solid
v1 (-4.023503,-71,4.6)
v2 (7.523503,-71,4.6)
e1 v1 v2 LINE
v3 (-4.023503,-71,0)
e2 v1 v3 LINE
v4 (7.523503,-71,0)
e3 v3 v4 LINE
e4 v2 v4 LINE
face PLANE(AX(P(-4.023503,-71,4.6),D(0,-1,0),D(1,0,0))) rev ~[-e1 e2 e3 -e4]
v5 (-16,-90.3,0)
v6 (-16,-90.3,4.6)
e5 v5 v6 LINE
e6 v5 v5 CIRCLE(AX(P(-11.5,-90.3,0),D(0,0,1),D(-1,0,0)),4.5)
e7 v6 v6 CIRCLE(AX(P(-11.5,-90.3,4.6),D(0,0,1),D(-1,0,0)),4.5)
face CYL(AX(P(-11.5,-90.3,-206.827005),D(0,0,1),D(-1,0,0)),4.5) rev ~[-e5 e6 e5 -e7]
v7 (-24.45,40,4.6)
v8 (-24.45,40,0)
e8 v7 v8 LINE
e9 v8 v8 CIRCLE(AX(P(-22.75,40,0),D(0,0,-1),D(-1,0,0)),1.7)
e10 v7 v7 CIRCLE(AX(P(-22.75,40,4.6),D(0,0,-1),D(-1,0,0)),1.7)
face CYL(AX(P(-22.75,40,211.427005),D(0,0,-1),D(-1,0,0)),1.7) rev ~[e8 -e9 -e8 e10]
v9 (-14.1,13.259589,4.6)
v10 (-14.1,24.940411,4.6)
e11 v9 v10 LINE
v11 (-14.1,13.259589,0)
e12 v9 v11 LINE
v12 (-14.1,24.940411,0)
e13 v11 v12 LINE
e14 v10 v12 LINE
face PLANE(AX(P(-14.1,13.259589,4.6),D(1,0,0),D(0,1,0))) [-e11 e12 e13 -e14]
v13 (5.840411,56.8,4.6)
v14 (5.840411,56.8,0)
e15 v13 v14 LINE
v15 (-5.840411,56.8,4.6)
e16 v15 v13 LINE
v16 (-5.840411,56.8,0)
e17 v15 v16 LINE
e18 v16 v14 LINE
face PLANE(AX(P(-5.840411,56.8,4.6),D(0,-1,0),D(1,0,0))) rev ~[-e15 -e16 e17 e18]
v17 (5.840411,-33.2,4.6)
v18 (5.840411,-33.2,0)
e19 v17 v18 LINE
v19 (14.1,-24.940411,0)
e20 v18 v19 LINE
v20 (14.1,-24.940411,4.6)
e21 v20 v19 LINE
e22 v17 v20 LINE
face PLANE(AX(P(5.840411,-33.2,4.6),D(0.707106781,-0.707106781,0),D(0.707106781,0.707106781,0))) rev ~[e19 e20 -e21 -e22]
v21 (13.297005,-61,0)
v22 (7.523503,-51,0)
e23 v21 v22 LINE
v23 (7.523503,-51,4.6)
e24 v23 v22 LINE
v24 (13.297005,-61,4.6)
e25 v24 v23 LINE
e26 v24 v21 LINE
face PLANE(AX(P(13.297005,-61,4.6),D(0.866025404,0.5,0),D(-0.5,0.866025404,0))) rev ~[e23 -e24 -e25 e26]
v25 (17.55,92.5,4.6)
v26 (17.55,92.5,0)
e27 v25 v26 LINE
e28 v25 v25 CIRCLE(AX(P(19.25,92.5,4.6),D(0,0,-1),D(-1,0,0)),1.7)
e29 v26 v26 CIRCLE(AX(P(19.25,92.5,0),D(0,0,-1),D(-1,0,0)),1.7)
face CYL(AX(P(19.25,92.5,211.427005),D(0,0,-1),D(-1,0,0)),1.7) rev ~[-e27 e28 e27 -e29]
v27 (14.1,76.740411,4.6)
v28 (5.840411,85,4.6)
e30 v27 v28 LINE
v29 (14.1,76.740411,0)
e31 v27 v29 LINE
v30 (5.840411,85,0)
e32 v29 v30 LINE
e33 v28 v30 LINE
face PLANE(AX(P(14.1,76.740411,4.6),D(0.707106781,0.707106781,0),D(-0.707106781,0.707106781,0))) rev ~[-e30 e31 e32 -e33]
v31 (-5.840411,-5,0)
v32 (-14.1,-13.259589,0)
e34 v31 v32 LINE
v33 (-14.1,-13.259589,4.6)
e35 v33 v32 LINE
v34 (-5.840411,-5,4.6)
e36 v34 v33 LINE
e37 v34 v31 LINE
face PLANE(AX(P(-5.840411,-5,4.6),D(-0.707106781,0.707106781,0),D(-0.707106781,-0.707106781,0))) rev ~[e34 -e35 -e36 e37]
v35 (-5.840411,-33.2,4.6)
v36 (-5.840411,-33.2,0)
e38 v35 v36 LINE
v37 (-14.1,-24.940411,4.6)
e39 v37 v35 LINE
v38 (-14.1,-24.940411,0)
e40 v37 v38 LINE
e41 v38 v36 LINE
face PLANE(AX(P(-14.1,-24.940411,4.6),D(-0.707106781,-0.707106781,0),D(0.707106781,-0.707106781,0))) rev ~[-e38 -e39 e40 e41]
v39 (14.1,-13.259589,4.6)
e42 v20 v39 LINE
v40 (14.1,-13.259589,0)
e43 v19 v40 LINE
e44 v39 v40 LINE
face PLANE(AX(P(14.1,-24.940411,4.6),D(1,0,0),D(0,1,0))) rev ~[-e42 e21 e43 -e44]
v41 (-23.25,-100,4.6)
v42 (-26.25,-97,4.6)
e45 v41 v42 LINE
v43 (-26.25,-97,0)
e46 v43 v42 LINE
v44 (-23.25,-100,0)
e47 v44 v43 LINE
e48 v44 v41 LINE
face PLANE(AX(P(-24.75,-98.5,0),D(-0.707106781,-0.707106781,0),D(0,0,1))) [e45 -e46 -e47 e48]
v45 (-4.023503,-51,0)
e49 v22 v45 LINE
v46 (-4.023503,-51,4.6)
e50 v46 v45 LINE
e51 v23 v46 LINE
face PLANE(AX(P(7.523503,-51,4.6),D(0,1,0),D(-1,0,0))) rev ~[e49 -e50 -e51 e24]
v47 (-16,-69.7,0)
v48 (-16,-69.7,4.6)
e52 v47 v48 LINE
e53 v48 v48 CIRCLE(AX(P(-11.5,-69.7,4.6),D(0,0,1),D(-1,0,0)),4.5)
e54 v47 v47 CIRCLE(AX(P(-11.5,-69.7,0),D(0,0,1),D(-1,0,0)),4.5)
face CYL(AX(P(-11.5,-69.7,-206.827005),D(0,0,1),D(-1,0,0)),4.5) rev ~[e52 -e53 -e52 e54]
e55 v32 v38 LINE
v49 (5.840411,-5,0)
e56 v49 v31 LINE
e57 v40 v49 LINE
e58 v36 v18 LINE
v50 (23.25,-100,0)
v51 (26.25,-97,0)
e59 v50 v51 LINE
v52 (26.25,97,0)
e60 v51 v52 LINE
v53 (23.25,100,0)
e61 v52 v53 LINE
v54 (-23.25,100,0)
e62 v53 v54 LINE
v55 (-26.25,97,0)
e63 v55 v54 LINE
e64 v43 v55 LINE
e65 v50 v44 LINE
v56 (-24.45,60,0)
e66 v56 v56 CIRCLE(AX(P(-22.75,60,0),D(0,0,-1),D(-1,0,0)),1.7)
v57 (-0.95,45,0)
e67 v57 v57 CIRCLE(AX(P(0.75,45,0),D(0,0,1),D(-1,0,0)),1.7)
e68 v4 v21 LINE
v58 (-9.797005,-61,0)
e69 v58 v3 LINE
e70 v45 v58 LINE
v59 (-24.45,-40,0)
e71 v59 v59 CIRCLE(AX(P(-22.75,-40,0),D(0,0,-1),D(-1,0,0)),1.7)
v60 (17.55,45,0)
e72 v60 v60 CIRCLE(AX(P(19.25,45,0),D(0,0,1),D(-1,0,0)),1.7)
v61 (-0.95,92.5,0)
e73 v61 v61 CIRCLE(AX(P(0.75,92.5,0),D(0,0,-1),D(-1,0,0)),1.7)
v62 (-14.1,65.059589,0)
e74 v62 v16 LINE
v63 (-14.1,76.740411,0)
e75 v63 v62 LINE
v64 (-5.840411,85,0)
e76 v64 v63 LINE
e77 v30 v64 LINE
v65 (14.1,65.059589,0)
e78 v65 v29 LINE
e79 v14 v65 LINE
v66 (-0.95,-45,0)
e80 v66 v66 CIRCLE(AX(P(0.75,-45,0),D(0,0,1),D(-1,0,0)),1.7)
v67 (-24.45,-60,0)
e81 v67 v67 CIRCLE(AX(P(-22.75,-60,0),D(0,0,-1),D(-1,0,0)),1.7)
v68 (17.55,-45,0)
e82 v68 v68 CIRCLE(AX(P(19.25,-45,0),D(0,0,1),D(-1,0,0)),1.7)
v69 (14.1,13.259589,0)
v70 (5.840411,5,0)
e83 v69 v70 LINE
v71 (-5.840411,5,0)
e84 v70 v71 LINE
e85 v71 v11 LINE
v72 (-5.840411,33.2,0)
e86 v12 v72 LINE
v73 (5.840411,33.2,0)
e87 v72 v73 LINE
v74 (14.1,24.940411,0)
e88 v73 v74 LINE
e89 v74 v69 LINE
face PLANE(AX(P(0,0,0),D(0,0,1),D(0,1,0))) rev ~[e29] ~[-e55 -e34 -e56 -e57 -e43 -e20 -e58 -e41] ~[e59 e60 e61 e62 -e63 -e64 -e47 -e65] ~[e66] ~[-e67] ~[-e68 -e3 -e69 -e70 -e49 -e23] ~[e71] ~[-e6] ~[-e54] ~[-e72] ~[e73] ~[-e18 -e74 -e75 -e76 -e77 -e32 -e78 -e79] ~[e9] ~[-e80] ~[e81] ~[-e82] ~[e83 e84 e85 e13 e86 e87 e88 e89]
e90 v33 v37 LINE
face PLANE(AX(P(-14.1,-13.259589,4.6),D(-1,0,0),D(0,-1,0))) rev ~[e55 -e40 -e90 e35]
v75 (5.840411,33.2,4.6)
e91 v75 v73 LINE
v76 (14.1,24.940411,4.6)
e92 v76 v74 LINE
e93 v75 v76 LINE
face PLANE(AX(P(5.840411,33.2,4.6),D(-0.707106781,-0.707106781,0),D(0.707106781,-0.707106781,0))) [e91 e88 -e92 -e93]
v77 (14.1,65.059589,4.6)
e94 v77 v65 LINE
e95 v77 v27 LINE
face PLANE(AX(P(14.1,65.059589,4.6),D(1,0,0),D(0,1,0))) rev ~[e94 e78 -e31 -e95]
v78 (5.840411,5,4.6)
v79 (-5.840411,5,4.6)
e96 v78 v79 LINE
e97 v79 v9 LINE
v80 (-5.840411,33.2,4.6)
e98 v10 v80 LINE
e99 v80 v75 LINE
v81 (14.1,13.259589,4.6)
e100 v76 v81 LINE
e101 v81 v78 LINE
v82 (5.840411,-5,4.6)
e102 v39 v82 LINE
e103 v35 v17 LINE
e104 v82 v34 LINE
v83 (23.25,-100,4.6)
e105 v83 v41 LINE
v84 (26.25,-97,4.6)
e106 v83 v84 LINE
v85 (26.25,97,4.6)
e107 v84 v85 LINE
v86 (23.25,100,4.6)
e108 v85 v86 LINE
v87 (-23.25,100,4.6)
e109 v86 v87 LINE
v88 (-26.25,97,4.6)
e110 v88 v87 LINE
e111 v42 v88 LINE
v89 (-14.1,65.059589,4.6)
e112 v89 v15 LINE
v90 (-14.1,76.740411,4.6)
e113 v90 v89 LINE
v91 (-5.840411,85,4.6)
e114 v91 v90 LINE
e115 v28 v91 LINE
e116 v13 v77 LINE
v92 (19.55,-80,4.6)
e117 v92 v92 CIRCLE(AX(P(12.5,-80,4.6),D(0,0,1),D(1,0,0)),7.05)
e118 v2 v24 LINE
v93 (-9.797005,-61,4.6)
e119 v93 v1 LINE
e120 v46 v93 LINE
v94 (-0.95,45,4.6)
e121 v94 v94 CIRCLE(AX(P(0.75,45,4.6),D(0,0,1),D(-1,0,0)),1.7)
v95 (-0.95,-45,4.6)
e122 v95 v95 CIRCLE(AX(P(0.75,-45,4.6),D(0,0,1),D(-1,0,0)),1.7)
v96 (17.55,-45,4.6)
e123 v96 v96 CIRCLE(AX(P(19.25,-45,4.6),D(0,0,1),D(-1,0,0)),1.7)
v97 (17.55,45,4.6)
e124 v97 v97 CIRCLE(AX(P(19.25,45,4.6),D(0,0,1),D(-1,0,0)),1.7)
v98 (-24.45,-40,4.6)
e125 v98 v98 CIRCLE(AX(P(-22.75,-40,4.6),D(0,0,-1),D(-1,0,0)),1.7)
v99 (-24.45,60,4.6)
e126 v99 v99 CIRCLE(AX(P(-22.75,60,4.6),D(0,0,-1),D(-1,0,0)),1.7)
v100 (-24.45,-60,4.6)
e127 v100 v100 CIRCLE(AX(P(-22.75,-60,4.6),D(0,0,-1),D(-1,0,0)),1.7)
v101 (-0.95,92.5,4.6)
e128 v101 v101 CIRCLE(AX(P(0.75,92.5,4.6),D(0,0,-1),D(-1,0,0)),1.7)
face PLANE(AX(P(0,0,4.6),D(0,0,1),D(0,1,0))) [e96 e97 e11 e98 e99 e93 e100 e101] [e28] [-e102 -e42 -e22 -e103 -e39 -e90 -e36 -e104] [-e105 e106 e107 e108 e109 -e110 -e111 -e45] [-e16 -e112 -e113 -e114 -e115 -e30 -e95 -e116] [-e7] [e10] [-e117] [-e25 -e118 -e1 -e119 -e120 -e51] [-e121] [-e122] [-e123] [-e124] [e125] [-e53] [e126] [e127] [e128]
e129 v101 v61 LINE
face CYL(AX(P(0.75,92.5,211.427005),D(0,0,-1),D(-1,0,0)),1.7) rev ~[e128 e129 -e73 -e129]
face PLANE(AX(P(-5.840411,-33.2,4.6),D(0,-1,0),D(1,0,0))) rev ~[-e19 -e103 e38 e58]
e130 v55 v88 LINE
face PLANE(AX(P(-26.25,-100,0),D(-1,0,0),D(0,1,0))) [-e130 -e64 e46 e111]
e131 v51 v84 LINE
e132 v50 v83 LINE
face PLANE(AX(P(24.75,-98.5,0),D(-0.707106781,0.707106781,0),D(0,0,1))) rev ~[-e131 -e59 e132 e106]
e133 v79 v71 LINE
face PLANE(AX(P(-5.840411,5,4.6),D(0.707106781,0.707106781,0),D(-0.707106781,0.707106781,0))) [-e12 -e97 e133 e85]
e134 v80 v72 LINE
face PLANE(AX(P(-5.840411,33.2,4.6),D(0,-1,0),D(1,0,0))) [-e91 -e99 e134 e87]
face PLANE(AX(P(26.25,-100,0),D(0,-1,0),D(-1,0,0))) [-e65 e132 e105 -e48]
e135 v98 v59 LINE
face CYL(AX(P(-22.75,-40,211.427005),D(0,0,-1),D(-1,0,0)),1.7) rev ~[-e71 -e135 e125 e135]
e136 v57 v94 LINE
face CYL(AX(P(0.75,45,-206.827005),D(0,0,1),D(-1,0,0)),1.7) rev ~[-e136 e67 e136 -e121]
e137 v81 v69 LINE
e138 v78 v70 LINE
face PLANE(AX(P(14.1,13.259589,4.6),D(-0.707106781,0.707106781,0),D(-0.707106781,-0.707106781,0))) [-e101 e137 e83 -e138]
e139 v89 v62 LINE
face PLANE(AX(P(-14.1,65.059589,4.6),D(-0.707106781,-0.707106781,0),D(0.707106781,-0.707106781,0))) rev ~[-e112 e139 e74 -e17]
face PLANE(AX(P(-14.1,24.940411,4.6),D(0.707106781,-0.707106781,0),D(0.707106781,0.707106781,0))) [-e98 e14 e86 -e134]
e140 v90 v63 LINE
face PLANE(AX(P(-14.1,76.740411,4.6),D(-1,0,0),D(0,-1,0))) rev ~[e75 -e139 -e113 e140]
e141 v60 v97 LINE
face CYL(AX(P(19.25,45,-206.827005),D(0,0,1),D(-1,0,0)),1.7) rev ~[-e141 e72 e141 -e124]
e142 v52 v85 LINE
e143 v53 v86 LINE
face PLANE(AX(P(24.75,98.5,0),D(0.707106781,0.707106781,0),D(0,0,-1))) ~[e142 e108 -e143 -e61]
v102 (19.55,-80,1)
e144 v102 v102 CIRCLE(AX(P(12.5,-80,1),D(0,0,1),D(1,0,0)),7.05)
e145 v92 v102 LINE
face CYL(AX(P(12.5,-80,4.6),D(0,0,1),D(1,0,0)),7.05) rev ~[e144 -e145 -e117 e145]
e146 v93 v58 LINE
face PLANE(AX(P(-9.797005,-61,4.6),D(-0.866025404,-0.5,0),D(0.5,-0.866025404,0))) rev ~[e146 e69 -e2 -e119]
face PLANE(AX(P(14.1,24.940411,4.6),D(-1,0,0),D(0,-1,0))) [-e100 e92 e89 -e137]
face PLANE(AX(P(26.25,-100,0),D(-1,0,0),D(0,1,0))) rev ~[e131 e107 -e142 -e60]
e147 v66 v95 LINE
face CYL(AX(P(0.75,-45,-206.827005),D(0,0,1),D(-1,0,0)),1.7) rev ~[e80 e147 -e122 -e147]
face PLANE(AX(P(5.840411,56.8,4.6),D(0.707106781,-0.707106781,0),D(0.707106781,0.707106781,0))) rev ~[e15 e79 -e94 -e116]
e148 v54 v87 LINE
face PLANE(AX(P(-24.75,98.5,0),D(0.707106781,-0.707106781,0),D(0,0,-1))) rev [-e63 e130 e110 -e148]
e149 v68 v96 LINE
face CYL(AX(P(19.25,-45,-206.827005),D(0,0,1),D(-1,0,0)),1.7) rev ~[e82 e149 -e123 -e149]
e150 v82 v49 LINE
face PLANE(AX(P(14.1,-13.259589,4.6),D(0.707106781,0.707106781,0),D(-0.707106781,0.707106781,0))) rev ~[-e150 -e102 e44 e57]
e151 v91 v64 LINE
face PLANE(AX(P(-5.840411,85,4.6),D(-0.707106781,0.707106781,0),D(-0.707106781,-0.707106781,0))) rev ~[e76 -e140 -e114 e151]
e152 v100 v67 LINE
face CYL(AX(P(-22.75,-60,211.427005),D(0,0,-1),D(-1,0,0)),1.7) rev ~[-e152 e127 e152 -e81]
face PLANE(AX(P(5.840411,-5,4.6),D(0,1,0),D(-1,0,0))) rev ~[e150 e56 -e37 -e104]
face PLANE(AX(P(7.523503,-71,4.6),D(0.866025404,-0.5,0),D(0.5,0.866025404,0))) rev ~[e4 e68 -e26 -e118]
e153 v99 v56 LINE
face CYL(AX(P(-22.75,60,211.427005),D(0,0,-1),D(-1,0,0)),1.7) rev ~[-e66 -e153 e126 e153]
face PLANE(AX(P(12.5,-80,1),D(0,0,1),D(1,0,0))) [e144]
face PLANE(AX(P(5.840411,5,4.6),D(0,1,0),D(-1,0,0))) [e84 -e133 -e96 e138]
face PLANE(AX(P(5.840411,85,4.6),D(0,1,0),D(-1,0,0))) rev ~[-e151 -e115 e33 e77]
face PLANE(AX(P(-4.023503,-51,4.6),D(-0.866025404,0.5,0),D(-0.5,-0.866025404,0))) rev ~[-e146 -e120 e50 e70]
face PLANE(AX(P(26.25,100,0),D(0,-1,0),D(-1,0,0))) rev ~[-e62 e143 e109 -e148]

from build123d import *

# Parameters (mm, degrees)
CROQUIS1_W                   = 200
CROQUIS1_H                   = 52.5
SALIENTE_EXTRUIR1_DEPTH      = 4.6
CROQUIS2_R                   = 7.05
CORTAR_EXTRUIR1_DEPTH        = 3.6
TALADRO_DE_MARGEN_PARA_M31_D = 3.4
CHAFL_N1_SIZE                = 3
TALADRO_DE_MARGEN_PARA_M32_D = 3.4
CORTAR_EXTRUIR2_DEPTH        = 104.490204851
TALADRO_DE_MARGEN_PARA_M33_D = 3.4
TALADRO_DE_MARGEN_PARA_M81_D = 9


with BuildPart() as part:
    # Croquis1 → Saliente-Extruir1 (new body)
    with BuildSketch(Plane(origin=(0, 0, 0), x_dir=(0, 1, 0), z_dir=(0, 0, 1))):
        Rectangle(CROQUIS1_W, CROQUIS1_H)
    extrude(amount=SALIENTE_EXTRUIR1_DEPTH)

    # Croquis2 → Cortar-Extruir1 (cut)
    with BuildSketch(Plane.XY.offset(4.6)):
        with Locations((12.5, -80)):
            Circle(CROQUIS2_R)
    extrude(amount=-CORTAR_EXTRUIR1_DEPTH, mode=Mode.SUBTRACT)

    # Taladro de margen para M31 (through all)
    with Locations(Plane(origin=(0, 0, 0), x_dir=(1, 0, 0), z_dir=(0, 0, -1))):
        with Locations((19.25, -45), (19.25, 45), (0.75, 45), (0.75, -45)):
            Hole(TALADRO_DE_MARGEN_PARA_M31_D / 2)

    # Chaflán1
    chafl_n1_edges = [part.edges().sort_by_distance(p)[0] for p in [
        (26.25, 100, 2.3),
        (26.25, -100, 2.3),
        (-26.25, -100, 2.3),
        (-26.25, 100, 2.3),
    ]]
    chamfer(chafl_n1_edges, length=CHAFL_N1_SIZE)

    # Taladro de margen para M32 (through all)
    with Locations(Plane.XY.offset(4.6)):
        with Locations((-22.75, -60), (-22.75, -40), (-22.75, 40), (-22.75, 60)):
            Hole(TALADRO_DE_MARGEN_PARA_M32_D / 2)

    # Croquis8 → Cortar-Extruir2 (cut, through all)
    with BuildSketch(Plane.XY.offset(4.6)):
        Polygon((-5.840411229, 33.2), (5.840411229, 33.2), (14.1, 24.940411229), (14.1, 13.259588771), (5.840411229, 5), (-5.840411229, 5), (-14.1, 13.259588771), (-14.1, 24.940411229), align=None)
        Polygon((5.840411229, -33.2), (14.1, -24.940411229), (14.1, -13.259588771), (5.840411229, -5), (-5.840411229, -5), (-14.1, -13.259588771), (-14.1, -24.940411229), (-5.840411229, -33.2), align=None)
        Polygon((13.297005384, -61), (7.523502692, -51), (-4.023502692, -51), (-9.797005384, -61), (-4.023502692, -71), (7.523502692, -71), align=None)
        Polygon((5.840411229, 56.8), (14.1, 65.059588771), (14.1, 76.740411229), (5.840411229, 85), (-5.840411229, 85), (-14.1, 76.740411229), (-14.1, 65.059588771), (-5.840411229, 56.8), align=None)
    extrude(amount=-CORTAR_EXTRUIR2_DEPTH, mode=Mode.SUBTRACT)

    # Taladro de margen para M33 (through all)
    with Locations(Plane.XY.offset(4.6)):
        with Locations((0.75, 92.5), (19.25, 92.5)):
            Hole(TALADRO_DE_MARGEN_PARA_M33_D / 2)

    # Taladro de margen para M81 (through all)
    with Locations(Plane(origin=(0, 0, 0), x_dir=(1, 0, 0), z_dir=(0, 0, -1))):
        with Locations((-11.5, 69.7), (-11.5, 90.3)):
            Hole(TALADRO_DE_MARGEN_PARA_M81_D / 2)


solid = part.part
